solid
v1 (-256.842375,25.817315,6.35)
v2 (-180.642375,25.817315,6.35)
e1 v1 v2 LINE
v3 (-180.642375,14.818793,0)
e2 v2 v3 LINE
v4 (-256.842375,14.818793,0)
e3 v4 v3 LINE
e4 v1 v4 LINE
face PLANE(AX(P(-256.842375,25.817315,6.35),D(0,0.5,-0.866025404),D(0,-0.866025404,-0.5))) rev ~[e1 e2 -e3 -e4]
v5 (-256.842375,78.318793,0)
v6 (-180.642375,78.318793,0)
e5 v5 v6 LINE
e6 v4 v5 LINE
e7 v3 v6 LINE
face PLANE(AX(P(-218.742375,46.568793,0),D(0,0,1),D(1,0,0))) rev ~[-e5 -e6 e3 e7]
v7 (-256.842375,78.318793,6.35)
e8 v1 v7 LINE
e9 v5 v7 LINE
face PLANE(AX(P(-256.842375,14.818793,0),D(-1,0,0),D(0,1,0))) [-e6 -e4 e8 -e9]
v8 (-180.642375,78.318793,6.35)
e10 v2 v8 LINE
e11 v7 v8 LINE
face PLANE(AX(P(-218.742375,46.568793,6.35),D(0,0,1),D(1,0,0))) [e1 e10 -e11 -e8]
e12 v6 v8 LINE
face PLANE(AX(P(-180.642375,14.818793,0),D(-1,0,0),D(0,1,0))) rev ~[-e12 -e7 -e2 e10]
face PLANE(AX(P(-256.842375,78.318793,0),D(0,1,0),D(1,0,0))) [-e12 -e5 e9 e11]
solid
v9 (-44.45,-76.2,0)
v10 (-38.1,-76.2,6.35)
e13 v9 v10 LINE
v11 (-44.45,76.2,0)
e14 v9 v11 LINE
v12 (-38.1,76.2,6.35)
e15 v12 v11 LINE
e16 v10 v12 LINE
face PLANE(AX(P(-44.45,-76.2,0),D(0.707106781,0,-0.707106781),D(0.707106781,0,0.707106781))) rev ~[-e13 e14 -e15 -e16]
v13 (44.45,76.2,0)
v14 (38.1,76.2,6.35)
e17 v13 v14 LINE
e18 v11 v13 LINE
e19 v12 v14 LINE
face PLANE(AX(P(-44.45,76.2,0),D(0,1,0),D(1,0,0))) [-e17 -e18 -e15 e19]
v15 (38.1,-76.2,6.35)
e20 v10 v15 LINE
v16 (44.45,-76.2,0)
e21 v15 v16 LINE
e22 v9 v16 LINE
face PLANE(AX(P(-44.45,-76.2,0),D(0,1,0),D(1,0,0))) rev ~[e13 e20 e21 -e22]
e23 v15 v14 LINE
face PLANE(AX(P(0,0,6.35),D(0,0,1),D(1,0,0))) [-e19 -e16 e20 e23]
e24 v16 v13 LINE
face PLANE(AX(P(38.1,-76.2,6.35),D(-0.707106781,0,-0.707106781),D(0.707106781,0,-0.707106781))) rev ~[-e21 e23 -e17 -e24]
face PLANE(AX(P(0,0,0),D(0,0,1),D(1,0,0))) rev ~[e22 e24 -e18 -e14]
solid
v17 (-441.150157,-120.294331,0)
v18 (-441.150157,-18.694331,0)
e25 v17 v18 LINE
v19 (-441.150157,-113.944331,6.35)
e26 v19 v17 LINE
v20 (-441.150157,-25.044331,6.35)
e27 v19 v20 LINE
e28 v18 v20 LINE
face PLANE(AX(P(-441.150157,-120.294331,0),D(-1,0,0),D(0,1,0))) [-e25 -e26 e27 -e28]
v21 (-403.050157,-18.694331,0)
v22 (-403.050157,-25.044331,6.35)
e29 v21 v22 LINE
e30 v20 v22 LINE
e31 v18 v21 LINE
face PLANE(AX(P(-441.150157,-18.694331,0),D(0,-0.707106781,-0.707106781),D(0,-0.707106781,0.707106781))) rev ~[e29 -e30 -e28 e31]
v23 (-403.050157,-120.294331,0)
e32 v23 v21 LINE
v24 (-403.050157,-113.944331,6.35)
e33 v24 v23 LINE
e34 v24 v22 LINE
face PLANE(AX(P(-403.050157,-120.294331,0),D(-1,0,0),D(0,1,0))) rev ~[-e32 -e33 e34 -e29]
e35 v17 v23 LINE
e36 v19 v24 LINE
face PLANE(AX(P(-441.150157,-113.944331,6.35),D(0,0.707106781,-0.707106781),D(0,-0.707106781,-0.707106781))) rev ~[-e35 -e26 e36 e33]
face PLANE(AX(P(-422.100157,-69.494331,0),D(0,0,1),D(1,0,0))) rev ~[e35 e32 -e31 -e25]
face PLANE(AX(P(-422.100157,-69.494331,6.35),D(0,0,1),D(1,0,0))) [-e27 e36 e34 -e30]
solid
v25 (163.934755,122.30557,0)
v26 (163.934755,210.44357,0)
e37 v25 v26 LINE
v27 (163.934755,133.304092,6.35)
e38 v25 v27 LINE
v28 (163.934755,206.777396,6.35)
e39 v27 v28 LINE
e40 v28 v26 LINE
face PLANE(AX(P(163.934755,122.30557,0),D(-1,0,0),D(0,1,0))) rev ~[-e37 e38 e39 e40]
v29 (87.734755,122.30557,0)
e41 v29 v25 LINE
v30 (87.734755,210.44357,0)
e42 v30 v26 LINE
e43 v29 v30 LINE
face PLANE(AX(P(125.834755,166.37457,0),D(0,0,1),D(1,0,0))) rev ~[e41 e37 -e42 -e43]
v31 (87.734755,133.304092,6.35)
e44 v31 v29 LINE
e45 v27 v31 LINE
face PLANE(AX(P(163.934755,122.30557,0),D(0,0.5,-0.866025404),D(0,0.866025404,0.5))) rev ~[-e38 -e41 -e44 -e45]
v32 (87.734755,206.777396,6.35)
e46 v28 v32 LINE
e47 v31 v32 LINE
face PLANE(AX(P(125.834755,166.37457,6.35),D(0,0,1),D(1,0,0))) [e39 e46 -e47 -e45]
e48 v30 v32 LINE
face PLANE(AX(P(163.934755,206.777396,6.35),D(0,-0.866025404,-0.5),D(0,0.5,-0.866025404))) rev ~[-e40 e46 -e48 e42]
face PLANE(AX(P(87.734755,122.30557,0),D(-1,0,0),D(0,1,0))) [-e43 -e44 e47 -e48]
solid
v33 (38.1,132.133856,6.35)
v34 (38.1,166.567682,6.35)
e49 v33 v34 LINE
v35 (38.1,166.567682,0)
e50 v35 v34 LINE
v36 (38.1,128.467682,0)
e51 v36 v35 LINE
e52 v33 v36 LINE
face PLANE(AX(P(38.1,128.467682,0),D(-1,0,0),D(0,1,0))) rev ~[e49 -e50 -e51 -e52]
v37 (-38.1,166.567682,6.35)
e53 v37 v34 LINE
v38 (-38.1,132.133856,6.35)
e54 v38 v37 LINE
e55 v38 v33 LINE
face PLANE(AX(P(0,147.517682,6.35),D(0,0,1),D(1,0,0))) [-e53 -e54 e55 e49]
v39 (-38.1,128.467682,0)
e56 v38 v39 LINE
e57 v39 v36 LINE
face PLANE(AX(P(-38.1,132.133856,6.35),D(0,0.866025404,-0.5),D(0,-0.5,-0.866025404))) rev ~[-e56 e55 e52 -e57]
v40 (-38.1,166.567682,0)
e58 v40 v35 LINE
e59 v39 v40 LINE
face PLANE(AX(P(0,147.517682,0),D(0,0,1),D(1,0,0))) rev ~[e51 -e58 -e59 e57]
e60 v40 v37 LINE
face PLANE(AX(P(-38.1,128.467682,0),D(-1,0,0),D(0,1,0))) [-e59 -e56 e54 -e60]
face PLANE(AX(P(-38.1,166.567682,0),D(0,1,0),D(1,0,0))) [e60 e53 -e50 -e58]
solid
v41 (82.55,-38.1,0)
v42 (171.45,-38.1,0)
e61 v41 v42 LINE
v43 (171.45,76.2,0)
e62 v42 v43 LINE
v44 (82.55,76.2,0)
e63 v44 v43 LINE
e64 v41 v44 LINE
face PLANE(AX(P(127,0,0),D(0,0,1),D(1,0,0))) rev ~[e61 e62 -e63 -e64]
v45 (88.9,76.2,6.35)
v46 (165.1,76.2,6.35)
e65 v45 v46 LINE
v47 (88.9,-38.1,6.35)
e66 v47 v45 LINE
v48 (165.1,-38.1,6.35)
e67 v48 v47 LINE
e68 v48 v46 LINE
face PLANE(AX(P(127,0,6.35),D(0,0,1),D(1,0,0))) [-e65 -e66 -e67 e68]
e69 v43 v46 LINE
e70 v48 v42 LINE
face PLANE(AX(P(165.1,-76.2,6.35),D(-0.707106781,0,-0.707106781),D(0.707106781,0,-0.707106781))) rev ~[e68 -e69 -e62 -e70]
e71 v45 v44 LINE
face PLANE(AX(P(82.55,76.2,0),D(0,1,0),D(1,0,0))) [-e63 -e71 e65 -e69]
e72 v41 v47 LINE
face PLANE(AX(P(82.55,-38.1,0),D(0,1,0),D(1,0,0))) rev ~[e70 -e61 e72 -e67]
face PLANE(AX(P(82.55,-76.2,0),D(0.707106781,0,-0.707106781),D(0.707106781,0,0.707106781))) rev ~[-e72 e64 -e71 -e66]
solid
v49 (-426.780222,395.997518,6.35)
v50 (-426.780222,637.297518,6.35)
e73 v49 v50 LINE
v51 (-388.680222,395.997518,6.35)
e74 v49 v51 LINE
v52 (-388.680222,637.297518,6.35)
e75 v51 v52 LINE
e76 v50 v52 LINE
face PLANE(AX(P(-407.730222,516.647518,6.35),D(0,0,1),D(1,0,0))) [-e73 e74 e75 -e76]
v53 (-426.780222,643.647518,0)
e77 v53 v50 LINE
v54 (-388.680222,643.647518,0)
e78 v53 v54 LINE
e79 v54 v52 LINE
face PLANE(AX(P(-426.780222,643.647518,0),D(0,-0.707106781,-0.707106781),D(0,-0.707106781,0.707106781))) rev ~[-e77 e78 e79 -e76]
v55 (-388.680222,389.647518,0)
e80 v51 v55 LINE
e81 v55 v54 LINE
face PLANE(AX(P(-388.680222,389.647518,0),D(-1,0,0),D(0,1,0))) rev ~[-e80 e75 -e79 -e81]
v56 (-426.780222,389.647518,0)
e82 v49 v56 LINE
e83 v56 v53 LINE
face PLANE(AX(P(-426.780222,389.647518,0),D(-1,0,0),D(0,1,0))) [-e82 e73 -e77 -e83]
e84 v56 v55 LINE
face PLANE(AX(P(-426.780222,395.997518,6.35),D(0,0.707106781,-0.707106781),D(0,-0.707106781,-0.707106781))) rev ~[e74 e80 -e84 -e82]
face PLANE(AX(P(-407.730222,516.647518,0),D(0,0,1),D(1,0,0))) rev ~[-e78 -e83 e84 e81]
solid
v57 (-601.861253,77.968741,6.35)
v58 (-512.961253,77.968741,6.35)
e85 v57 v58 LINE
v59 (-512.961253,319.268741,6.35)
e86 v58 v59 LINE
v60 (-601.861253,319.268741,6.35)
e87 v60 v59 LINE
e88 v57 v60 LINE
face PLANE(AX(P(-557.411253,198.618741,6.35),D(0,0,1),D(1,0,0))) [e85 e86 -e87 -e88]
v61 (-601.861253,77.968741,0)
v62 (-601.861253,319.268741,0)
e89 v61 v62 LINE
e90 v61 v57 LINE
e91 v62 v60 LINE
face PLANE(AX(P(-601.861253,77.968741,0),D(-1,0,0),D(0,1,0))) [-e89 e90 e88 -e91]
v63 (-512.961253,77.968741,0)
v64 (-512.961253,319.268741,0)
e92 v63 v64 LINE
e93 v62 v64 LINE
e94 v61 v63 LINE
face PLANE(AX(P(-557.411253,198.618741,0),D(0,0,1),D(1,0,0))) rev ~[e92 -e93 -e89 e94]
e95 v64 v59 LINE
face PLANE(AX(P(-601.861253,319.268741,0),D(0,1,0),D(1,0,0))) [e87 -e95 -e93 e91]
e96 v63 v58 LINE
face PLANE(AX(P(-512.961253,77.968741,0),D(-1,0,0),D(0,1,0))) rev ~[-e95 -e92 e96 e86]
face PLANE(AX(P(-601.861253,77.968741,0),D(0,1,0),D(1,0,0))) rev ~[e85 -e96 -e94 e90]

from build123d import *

# Parameters (mm, degrees)
F0_W      = 88.9
F0_H      = 152.4
F1_DEPTH  = 6.35
F3_DEPTH  = 152.401
F4_W      = 76.2
F4_H      = 38.1
F5_DEPTH  = 6.35
F7_DEPTH  = 82.551
F9_W      = 76.2
F9_H      = 88.138
F10_DEPTH = 6.35
F12_DEPTH = 208.3857549435
F13_W     = 88.9
F13_H     = 38.1
F14_DEPTH = 6.351
F15_W     = 76.2
F15_H     = 63.5
F16_DEPTH = 6.35
F18_DEPTH = 428.2933748732
F19_W     = 88.9
F19_H     = 241.3
F20_DEPTH = 6.35
F21_W     = 38.1
F21_H     = 254
F22_DEPTH = 6.35
F24_DEPTH = 598.2312217484
F25_W     = 38.1
F25_H     = 101.6
F26_DEPTH = 6.35
F28_DEPTH = 612.6011565456


with BuildPart() as f1:
    # F0 (on Top) → F1 (new body)
    with BuildSketch(Plane.XY):
        Rectangle(F0_W, F0_H)
    extrude(amount=F1_DEPTH)

    # F2 (on face) → F3 (cut, through all)
    with BuildSketch(Plane.XZ.offset(76.2)):
        Polygon((44.45, 0), (44.45, 6.35), (38.1, 6.35), align=None)
        Polygon((-38.1, 6.35), (-44.45, 6.35), (-44.45, 0), align=None)
    extrude(amount=-F3_DEPTH, mode=Mode.SUBTRACT)


with BuildPart() as f5:
    # F4 (on Top) → F5 (new body)
    with BuildSketch(Plane.XY):
        with Locations((0, 147.5176820167)):
            Rectangle(F4_W, F4_H)
    extrude(amount=F5_DEPTH)

    # F6 (on face) → F7 (cut, through all)
    with BuildSketch(Plane(origin=(-38.1, 0, 0), x_dir=(0, -1, 0), z_dir=(-1, 0, 0))):
        Polygon((-132.133856226, 6.35), (-128.4676820167, 0), (-128.4676820167, 6.35), align=None)
    extrude(amount=-F7_DEPTH, mode=Mode.SUBTRACT)


with BuildPart() as f8_1:
    # F8: copy of F1
    add(f1.part.moved(Location((127, 0, 0))))

    # F13 (on face) → F14 (cut, through all)
    with BuildSketch(Plane(origin=(0, 0, 0), x_dir=(1, 0, 0), z_dir=(0, 0, -1))):
        with Locations((127, 57.15)):
            Rectangle(F13_W, F13_H)
    extrude(amount=-F14_DEPTH, mode=Mode.SUBTRACT)


with BuildPart() as f10:
    # F9 (on Top) → F10 (new body)
    with BuildSketch(Plane.XY):
        with Locations((125.8347549435, 166.3745697414)):
            Rectangle(F9_W, F9_H)
    extrude(amount=F10_DEPTH)

    # F11 (on face) → F12 (cut, through all)
    with BuildSketch(Plane.YZ.offset(163.9347549435)):
        Polygon((122.3055697414, 6.35), (122.3055697414, 0), (133.3040923695, 6.35), align=None)
        Polygon((206.7773955321, 6.35), (210.4435697414, 0), (210.4435697414, 6.35), align=None)
    extrude(amount=-F12_DEPTH, mode=Mode.SUBTRACT)


with BuildPart() as f16:
    # F15 (on Top) → F16 (new body)
    with BuildSketch(Plane.XY):
        with Locations((-218.7423748732, 46.5687926128)):
            Rectangle(F15_W, F15_H)
    extrude(amount=F16_DEPTH)

    # F17 (on face) → F18 (cut, through all)
    with BuildSketch(Plane(origin=(-256.8423748732, 0, 0), x_dir=(0, -1, 0), z_dir=(-1, 0, 0))):
        Polygon((-25.8173152409, 6.35), (-14.8187926128, 0), (-14.8187926128, 6.35), align=None)
    extrude(amount=-F18_DEPTH, mode=Mode.SUBTRACT)


with BuildPart() as f20:
    # F19 (on Top) → F20 (new body)
    with BuildSketch(Plane.XY):
        with Locations((-557.4112534523, 198.6187406094)):
            Rectangle(F19_W, F19_H)
    extrude(amount=F20_DEPTH)


with BuildPart() as f22:
    # F21 (on Top) → F22 (new body)
    with BuildSketch(Plane.XY):
        with Locations((-407.7302217484, 516.6475176811)):
            Rectangle(F21_W, F21_H)
    extrude(amount=F22_DEPTH)

    # F23 (on face) → F24 (cut, through all)
    with BuildSketch(Plane(origin=(-426.7802217484, 0, 0), x_dir=(0, -1, 0), z_dir=(-1, 0, 0))):
        Polygon((-643.6475176811, 6.35), (-643.6475176811, 0), (-637.2975176811, 6.35), align=None)
        Polygon((-395.9975176811, 6.35), (-389.6475176811, 0), (-389.6475176811, 6.35), align=None)
    extrude(amount=-F24_DEPTH, mode=Mode.SUBTRACT)


with BuildPart() as f26:
    # F25 (on Top) → F26 (new body)
    with BuildSketch(Plane.XY):
        with Locations((-422.1001565456, -69.4943308092)):
            Rectangle(F25_W, F25_H)
    extrude(amount=F26_DEPTH)

    # F27 (on face) → F28 (cut, through all)
    with BuildSketch(Plane(origin=(-441.1501565456, 0, 0), x_dir=(0, -1, 0), z_dir=(-1, 0, 0))):
        Polygon((18.6943308092, 6.35), (18.6943308092, 0), (25.0443308092, 6.35), align=None)
        Polygon((113.9443308092, 6.35), (120.2943308092, 0), (120.2943308092, 6.35), align=None)
    extrude(amount=-F28_DEPTH, mode=Mode.SUBTRACT)


solid = Compound([f1.part, f5.part, f8_1.part, f10.part, f16.part, f20.part, f22.part, f26.part])
